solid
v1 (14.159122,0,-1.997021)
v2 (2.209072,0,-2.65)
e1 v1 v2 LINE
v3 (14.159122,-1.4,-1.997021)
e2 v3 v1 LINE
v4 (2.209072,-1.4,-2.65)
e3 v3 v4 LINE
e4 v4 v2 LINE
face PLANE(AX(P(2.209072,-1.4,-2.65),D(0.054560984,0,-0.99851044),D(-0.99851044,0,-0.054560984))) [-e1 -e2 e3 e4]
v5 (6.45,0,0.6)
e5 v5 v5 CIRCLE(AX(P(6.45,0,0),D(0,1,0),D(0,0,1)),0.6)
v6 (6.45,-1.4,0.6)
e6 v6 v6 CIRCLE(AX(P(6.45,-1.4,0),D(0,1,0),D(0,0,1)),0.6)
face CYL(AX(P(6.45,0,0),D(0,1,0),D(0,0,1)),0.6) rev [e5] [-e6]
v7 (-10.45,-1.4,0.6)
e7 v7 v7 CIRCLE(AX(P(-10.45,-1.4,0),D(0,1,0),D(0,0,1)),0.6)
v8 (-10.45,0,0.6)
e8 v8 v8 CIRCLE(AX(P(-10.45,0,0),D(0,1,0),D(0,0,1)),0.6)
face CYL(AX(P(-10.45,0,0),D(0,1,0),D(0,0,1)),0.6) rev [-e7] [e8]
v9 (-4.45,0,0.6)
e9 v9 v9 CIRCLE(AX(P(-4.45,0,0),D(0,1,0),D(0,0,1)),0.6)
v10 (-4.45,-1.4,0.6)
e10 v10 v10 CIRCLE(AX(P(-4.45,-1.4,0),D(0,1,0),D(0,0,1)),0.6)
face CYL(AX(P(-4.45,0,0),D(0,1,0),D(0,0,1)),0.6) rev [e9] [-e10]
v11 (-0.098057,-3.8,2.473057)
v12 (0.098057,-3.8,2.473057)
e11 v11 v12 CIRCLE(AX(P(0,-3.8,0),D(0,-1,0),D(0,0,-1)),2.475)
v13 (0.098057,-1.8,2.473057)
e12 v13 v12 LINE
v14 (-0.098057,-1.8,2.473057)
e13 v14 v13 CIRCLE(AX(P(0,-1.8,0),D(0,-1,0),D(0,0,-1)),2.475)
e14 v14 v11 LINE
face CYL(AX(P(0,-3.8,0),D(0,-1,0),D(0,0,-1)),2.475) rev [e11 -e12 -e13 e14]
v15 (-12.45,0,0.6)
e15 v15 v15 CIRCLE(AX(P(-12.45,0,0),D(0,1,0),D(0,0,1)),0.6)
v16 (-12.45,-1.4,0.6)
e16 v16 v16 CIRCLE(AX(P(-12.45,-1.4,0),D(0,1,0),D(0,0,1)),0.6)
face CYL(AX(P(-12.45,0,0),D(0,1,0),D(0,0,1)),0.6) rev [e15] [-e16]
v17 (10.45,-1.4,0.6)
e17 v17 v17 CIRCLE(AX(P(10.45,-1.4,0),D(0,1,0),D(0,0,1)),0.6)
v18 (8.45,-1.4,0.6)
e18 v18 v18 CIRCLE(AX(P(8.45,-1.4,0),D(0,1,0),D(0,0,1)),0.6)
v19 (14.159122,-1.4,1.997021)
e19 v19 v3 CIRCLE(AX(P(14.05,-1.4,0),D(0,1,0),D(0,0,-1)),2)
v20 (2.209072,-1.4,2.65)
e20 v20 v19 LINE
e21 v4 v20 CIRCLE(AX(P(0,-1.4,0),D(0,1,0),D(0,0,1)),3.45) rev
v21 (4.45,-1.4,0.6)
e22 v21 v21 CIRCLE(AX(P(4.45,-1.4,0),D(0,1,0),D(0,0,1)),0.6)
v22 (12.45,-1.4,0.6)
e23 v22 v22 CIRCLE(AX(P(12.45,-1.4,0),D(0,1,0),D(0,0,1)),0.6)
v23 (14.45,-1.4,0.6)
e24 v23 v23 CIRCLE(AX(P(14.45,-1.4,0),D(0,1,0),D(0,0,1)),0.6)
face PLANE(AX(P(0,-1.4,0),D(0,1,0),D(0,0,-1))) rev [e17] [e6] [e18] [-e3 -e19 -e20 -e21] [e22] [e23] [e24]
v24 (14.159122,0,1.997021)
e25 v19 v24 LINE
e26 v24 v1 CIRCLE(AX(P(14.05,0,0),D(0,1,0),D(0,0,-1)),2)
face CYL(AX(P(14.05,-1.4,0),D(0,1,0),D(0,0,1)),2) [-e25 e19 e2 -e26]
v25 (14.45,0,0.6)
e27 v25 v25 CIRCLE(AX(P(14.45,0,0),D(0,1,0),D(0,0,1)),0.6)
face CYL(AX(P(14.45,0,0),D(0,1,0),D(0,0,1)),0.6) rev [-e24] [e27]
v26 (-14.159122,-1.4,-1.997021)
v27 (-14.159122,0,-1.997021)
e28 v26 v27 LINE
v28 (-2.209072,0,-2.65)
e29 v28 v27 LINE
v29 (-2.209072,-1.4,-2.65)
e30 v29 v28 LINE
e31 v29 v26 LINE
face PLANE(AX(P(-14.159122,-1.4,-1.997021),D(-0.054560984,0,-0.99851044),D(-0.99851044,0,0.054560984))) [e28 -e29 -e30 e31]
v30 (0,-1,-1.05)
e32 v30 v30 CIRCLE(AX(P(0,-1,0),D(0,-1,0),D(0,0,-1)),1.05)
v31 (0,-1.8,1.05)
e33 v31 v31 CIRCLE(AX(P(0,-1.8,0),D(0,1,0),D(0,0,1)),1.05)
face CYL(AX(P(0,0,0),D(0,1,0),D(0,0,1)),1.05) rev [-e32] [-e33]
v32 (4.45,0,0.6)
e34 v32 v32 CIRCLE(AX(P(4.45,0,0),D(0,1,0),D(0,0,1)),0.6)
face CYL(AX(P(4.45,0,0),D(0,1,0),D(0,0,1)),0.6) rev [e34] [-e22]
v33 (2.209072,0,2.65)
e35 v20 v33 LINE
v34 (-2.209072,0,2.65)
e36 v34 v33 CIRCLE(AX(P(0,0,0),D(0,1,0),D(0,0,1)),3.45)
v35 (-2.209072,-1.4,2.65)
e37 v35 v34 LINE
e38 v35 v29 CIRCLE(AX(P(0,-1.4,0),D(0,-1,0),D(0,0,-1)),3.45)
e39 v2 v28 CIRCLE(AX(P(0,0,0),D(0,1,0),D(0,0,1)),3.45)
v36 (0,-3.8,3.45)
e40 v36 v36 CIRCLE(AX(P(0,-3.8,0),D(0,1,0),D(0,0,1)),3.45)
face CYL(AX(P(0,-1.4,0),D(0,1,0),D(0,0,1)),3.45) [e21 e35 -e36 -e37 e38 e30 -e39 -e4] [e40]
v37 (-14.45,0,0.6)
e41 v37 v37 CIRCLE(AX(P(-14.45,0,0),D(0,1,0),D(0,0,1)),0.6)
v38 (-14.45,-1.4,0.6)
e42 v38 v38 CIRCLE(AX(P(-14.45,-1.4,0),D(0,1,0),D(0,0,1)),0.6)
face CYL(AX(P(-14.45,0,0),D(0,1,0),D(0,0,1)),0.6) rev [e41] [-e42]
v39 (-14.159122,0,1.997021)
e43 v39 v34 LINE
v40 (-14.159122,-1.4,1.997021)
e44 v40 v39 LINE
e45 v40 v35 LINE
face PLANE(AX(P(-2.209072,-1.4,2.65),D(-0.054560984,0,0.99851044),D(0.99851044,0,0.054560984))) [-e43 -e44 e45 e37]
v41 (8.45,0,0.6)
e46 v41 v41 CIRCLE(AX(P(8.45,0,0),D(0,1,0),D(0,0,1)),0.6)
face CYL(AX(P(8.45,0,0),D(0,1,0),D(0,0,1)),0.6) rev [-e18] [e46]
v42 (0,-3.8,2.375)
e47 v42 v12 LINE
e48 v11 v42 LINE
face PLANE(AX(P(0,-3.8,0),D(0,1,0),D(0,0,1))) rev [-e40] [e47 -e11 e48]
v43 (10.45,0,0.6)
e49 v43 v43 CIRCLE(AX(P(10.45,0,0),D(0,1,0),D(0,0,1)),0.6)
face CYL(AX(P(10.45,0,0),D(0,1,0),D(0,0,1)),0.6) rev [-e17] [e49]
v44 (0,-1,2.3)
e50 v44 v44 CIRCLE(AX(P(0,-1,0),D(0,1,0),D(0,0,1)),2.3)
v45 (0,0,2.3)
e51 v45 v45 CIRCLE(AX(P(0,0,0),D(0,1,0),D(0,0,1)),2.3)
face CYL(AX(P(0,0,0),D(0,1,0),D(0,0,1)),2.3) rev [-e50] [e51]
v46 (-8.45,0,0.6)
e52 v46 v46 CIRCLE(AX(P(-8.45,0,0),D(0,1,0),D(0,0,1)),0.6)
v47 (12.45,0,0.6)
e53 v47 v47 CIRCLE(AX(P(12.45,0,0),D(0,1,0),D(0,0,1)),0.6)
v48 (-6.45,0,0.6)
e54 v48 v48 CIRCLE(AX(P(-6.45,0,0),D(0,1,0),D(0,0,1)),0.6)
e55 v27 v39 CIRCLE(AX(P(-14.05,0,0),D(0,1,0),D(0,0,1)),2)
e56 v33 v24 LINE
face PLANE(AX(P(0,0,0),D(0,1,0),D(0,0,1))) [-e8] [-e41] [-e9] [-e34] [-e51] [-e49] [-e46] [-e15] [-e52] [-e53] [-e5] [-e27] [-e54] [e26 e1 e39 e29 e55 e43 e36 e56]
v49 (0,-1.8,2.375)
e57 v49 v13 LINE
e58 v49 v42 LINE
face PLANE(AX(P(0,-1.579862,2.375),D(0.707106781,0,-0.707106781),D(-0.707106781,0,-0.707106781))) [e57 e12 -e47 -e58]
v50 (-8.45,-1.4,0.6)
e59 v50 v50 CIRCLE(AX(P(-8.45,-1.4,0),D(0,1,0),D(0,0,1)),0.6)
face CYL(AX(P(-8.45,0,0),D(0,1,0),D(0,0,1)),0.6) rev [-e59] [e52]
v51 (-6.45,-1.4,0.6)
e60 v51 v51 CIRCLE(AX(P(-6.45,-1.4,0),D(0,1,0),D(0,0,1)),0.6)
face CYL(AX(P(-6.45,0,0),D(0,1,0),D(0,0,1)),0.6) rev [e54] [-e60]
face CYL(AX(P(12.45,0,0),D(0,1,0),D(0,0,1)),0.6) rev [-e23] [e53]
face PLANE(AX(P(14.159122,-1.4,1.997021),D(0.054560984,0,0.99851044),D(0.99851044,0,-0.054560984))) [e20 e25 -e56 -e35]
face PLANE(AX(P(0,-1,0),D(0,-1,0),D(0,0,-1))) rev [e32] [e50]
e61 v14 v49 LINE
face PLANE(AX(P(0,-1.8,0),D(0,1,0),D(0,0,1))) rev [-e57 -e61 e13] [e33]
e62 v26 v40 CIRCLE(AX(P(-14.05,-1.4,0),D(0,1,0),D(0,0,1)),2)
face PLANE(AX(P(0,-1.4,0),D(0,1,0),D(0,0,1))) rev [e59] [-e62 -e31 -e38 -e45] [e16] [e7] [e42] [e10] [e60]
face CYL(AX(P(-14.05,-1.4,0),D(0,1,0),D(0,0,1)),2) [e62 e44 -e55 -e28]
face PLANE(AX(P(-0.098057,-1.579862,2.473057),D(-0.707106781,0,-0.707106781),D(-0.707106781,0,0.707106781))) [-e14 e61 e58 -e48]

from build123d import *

# Parameters (mm, degrees)
RESSALTO_EXTRUS_O1_DEPTH = 1.4
ESBO_O2_R                = 3.45
RESSALTO_EXTRUS_O2_DEPTH = 2.4
FURO4_D                  = 1.2
PADR_O_LINEAR1_COUNT     = 6
PADR_O_LINEAR1_PITCH     = 2
PADR_OCIRCULAR2_COUNT    = 2
PADR_OCIRCULAR2_COPY_1_D = 1.2
PADR_OCIRCULAR2_COPY_2_D = 1.2
PADR_OCIRCULAR2_COPY_3_D = 1.2
PADR_OCIRCULAR2_COPY_4_D = 1.2
PADR_OCIRCULAR2_COPY_5_D = 1.2
FURO1_D                  = 4.95
FURO1_DEPTH              = 2
FURO2_D                  = 4.6
FURO2_DEPTH              = 1
FURO3_D                  = 2.1
RESSALTO_EXTRUS_O3_DEPTH = 2


with BuildPart() as part:
    # Esboço1 → Ressalto-extrusão1 (new body)
    with BuildSketch(Plane(origin=(0, 0, 0), x_dir=(1, 0, 0), z_dir=(0, 1, 0))):
        with BuildLine():
            Line((-14.159121967, 1.99702088), (-2.209072203, 2.65))
            ThreePointArc((-2.209072203, 2.65), (3.45, 0), (-2.209072203, -2.65))
            Line((-2.209072203, -2.65), (-14.159121967, -1.99702088))
            ThreePointArc((-14.159121967, -1.99702088), (-16.05, 0), (-14.159121967, 1.99702088))
        make_face()
    ressalto_extrus_o1 = extrude(amount=-RESSALTO_EXTRUS_O1_DEPTH)

    # Esboço2 → Ressalto-extrusão2 (add)
    with BuildSketch(Plane.XZ.offset(1.4)):
        Circle(ESBO_O2_R)
    extrude(amount=RESSALTO_EXTRUS_O2_DEPTH)

    # Furo4 (through all)
    with Locations(Plane(origin=(0, 0, 0), x_dir=(1, 0, 0), z_dir=(0, 1, 0))):
        with Locations((-14.45, 0)):
            furo4 = Hole(FURO4_D / 2)

    # Padrão linear1: Furo4 ×6
    with Locations(*[(i * PADR_O_LINEAR1_PITCH, 0, 0) for i in range(1, PADR_O_LINEAR1_COUNT)]):
        add(furo4, mode=Mode.SUBTRACT)

    # PadrãoCircular2: Ressalto-extrusão1, Furo4 ×2 about axis
    padr_ocircular2_axis = Axis((0, 0, 0), (0, 1, 0))
    for i in range(1, PADR_OCIRCULAR2_COUNT):
        add(ressalto_extrus_o1.rotate(padr_ocircular2_axis, i * 360 / PADR_OCIRCULAR2_COUNT))
        add(furo4.rotate(padr_ocircular2_axis, i * 360 / PADR_OCIRCULAR2_COUNT), mode=Mode.SUBTRACT)

    # PadrãoCircular2 copy 1 (through all)
    with Locations(Plane(origin=(-2, 0, 0), x_dir=(-1, 0, 0), z_dir=(0, 1, 0))):
        with Locations((-14.45, 0)):
            Hole(PADR_OCIRCULAR2_COPY_1_D / 2)

    # PadrãoCircular2 copy 2 (through all)
    with Locations(Plane(origin=(-4, 0, 0), x_dir=(-1, 0, 0), z_dir=(0, 1, 0))):
        with Locations((-14.45, 0)):
            Hole(PADR_OCIRCULAR2_COPY_2_D / 2)

    # PadrãoCircular2 copy 3 (through all)
    with Locations(Plane(origin=(-6, 0, 0), x_dir=(-1, 0, 0), z_dir=(0, 1, 0))):
        with Locations((-14.45, 0)):
            Hole(PADR_OCIRCULAR2_COPY_3_D / 2)

    # PadrãoCircular2 copy 4 (through all)
    with Locations(Plane(origin=(-8, 0, 0), x_dir=(-1, 0, 0), z_dir=(0, 1, 0))):
        with Locations((-14.45, 0)):
            Hole(PADR_OCIRCULAR2_COPY_4_D / 2)

    # PadrãoCircular2 copy 5 (through all)
    with Locations(Plane(origin=(-10, 0, 0), x_dir=(-1, 0, 0), z_dir=(0, 1, 0))):
        with Locations((-14.45, 0)):
            Hole(PADR_OCIRCULAR2_COPY_5_D / 2)

    # Furo1
    with Locations(Plane(origin=(0, -3.8, 0), x_dir=(-1, 0, 0), z_dir=(0, -1, 0))):
        with Locations((0, 0)):
            Hole(FURO1_D / 2, depth=FURO1_DEPTH)

    # Furo2
    with Locations(Plane(origin=(0, 0, 0), x_dir=(1, 0, 0), z_dir=(0, 1, 0))):
        with Locations((0, 0)):
            Hole(FURO2_D / 2, depth=FURO2_DEPTH)

    # Furo3 (through all)
    with Locations(Plane(origin=(0, 0, 0), x_dir=(1, 0, 0), z_dir=(0, 1, 0))):
        with Locations((0, 0)):
            Hole(FURO3_D / 2)

    # Esboço11 → Ressalto-extrusão3 (add)
    with BuildSketch(Plane.XZ.offset(3.8)):
        with BuildLine():
            Line((-0.098056786, 2.473056786), (0, 2.375))
            Line((0, 2.375), (0.098056786, 2.473056786))
            ThreePointArc((0.098056786, 2.473056786), (0, 2.475), (-0.098056786, 2.473056786))
        make_face()
    extrude(amount=-RESSALTO_EXTRUS_O3_DEPTH)


solid = part.part
